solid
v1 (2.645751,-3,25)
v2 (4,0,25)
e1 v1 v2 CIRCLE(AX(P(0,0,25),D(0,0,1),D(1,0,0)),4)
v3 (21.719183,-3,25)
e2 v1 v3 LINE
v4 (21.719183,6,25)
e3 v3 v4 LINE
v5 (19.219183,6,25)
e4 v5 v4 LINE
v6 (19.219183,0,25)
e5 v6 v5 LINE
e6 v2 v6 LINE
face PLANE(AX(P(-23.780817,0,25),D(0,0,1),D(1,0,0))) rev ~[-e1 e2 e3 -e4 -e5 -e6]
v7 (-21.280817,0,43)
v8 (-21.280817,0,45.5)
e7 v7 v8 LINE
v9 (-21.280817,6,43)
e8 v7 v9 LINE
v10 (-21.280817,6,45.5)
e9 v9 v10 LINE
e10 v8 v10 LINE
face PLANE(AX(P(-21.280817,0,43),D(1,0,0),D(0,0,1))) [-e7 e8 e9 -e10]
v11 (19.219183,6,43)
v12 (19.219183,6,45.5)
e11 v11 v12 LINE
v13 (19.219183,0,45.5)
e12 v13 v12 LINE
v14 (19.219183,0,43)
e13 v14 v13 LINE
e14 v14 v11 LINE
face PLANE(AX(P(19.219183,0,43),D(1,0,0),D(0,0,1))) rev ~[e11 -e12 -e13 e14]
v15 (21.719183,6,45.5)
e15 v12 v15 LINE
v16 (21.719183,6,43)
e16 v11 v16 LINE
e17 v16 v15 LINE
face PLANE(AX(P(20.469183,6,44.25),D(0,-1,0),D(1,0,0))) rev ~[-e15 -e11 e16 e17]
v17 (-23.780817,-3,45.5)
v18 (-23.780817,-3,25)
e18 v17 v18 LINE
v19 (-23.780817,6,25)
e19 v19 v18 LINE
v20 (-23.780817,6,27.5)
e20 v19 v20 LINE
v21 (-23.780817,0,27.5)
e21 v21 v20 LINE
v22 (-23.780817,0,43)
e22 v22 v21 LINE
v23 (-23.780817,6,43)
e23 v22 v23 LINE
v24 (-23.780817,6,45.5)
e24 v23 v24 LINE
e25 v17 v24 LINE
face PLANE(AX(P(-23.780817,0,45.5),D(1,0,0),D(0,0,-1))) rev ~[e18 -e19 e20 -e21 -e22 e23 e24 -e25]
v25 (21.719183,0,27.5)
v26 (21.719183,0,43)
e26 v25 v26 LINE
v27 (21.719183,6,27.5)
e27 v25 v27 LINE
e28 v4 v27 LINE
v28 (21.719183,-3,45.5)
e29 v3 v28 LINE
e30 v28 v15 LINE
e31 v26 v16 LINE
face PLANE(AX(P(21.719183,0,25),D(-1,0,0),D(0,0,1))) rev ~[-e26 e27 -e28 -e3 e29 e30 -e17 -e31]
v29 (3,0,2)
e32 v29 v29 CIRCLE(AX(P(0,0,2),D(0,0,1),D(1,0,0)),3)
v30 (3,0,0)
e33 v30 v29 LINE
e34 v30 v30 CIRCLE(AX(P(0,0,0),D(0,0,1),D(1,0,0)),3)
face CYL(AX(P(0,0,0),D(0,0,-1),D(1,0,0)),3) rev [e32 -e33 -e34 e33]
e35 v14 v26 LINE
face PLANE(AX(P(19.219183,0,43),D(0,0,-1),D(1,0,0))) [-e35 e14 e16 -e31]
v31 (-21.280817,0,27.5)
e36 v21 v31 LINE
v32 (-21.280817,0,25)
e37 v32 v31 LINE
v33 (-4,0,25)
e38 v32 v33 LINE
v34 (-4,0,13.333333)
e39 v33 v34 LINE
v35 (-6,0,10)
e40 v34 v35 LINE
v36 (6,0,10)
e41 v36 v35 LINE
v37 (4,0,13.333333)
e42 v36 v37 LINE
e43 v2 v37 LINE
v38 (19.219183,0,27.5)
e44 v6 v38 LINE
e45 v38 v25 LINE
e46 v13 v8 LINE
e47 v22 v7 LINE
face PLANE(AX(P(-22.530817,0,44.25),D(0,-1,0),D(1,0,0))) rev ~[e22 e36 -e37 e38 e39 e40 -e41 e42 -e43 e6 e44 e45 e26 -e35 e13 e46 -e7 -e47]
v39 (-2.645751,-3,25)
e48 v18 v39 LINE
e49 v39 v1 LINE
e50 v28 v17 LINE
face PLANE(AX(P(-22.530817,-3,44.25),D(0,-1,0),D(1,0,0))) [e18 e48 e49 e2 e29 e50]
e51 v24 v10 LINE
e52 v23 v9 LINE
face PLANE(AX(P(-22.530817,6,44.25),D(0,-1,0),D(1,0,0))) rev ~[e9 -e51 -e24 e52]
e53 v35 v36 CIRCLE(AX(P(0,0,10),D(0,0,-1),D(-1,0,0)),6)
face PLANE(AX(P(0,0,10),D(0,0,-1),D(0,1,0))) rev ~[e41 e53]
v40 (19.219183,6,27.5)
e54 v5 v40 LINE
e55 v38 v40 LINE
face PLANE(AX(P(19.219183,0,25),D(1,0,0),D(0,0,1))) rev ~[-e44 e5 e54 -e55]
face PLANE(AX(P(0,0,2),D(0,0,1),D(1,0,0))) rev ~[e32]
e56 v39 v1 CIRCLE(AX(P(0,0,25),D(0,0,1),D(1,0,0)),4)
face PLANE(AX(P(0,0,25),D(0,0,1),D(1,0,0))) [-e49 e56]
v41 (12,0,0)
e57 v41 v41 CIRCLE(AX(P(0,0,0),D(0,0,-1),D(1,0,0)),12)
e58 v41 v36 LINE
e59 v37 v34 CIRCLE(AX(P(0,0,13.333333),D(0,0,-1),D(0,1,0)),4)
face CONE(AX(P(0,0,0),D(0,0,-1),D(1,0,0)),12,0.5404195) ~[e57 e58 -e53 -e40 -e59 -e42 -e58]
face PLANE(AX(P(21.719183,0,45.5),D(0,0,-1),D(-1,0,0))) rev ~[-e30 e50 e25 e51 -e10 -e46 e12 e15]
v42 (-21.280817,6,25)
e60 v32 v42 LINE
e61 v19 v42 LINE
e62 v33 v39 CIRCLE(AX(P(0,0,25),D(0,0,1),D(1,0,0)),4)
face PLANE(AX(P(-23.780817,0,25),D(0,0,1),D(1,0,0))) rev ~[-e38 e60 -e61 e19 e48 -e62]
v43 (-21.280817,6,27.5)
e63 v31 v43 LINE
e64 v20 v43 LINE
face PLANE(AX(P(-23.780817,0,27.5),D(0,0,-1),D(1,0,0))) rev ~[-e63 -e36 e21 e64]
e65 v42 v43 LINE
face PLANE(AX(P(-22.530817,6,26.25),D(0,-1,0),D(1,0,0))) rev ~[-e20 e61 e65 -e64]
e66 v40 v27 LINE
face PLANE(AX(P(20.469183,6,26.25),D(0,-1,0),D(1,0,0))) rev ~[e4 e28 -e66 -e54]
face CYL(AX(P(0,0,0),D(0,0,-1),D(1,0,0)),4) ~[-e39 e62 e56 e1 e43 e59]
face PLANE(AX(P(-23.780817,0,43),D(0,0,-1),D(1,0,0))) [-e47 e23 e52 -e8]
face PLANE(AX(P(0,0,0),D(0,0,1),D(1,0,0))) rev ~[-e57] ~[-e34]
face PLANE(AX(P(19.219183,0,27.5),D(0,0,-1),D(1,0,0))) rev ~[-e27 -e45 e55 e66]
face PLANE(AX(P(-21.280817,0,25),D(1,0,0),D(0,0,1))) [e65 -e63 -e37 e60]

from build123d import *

# Parameters (mm, degrees)
F2_R      = 4
F3_DEPTH  = 25
F4_W      = 2.5
F4_H      = 2.5
F5_DEPTH  = 6
F6_DEPTH  = 3
F7_W      = 7.8000803478
F7_H      = 15
F8_DEPTH  = 23.7818172899
F9_DEPTH  = 25
F10_R     = 3
F11_DEPTH = 2


with BuildPart() as f1:
    # F0 (on Front) → F1 (revolve)
    with BuildSketch(Plane.XZ):
        Polygon((0, 20), (0, 0), (12, 0), align=None)
    revolve(axis=Axis((0, 0, 10), (0, 0, -1)))

    # F2 (on Top) → F3 (join)
    with BuildSketch(Plane.XY):
        Circle(F2_R)
    extrude(amount=F3_DEPTH)



with BuildPart() as f5:
    # F4 (on Front) → F5 (new body)
    with BuildSketch(Plane.XZ):
        with Locations((20.4691827101, 44.25)):
            Rectangle(F4_W, F4_H)
    extrude(amount=-F5_DEPTH)


with BuildPart() as f5b:
    # F4 (on Front) → F5, piece 2 (new body)
    with BuildSketch(Plane.XZ):
        with Locations((-22.5308172899, 26.25)):
            Rectangle(F4_W, F4_H)
    extrude(amount=-F5_DEPTH)


with BuildPart() as f5c:
    # F4 (on Front) → F5, piece 3 (new body)
    with BuildSketch(Plane.XZ):
        with Locations((-22.5308172899, 44.25)):
            Rectangle(F4_W, F4_H)
    extrude(amount=-F5_DEPTH)


with BuildPart() as f5d:
    # F4 (on Front) → F5, piece 4 (new body)
    with BuildSketch(Plane.XZ):
        with Locations((20.4691827101, 26.25)):
            Rectangle(F4_W, F4_H)
    extrude(amount=-F5_DEPTH)


with BuildPart() as f1_1:
    add(f1.part)

    add(f5.part)  # F6 merges F5

    add(f5b.part)  # F6 merges F5b

    add(f5c.part)  # F6 merges F5c

    add(f5d.part)  # F6 merges F5d
    # F4 (on Front) → F6 (join)
    with BuildSketch(Plane.XZ):
        with Locations((-22.5308172899, 44.25)):
            Rectangle(F4_W, F4_H)
        Polygon((19.2191827101, 45.5), (-21.2808172899, 45.5), (-21.2808172899, 43), (-23.7808172899, 43), (-23.7808172899, 27.5), (-21.2808172899, 27.5), (-21.2808172899, 25), (19.2191827101, 25), (19.2191827101, 27.5), (21.7191827101, 27.5), (21.7191827101, 43), (19.2191827101, 43), align=None)
        with Locations((20.4691827101, 44.25)):
            Rectangle(F4_W, F4_H)
        with Locations((-22.5308172899, 26.25)):
            Rectangle(F4_W, F4_H)
        with Locations((20.4691827101, 26.25)):
            Rectangle(F4_W, F4_H)
    extrude(amount=F6_DEPTH)

    # F7 (on Right) → F8 (cut, through all)
    with BuildSketch(Plane.YZ):
        with Locations((3.9000401739, 17.5)):
            Rectangle(F7_W, F7_H)
    extrude(amount=-F8_DEPTH, mode=Mode.SUBTRACT)

    # F7 (on Right) → F9 (cut)
    with BuildSketch(Plane.YZ):
        with Locations((3.9000401739, 17.5)):
            Rectangle(F7_W, F7_H)
    extrude(amount=F9_DEPTH, mode=Mode.SUBTRACT)

    # F10 (on Top) → F11 (cut)
    with BuildSketch(Plane.XY):
        Circle(F10_R)
    extrude(amount=F11_DEPTH, mode=Mode.SUBTRACT)


solid = f1_1.part
